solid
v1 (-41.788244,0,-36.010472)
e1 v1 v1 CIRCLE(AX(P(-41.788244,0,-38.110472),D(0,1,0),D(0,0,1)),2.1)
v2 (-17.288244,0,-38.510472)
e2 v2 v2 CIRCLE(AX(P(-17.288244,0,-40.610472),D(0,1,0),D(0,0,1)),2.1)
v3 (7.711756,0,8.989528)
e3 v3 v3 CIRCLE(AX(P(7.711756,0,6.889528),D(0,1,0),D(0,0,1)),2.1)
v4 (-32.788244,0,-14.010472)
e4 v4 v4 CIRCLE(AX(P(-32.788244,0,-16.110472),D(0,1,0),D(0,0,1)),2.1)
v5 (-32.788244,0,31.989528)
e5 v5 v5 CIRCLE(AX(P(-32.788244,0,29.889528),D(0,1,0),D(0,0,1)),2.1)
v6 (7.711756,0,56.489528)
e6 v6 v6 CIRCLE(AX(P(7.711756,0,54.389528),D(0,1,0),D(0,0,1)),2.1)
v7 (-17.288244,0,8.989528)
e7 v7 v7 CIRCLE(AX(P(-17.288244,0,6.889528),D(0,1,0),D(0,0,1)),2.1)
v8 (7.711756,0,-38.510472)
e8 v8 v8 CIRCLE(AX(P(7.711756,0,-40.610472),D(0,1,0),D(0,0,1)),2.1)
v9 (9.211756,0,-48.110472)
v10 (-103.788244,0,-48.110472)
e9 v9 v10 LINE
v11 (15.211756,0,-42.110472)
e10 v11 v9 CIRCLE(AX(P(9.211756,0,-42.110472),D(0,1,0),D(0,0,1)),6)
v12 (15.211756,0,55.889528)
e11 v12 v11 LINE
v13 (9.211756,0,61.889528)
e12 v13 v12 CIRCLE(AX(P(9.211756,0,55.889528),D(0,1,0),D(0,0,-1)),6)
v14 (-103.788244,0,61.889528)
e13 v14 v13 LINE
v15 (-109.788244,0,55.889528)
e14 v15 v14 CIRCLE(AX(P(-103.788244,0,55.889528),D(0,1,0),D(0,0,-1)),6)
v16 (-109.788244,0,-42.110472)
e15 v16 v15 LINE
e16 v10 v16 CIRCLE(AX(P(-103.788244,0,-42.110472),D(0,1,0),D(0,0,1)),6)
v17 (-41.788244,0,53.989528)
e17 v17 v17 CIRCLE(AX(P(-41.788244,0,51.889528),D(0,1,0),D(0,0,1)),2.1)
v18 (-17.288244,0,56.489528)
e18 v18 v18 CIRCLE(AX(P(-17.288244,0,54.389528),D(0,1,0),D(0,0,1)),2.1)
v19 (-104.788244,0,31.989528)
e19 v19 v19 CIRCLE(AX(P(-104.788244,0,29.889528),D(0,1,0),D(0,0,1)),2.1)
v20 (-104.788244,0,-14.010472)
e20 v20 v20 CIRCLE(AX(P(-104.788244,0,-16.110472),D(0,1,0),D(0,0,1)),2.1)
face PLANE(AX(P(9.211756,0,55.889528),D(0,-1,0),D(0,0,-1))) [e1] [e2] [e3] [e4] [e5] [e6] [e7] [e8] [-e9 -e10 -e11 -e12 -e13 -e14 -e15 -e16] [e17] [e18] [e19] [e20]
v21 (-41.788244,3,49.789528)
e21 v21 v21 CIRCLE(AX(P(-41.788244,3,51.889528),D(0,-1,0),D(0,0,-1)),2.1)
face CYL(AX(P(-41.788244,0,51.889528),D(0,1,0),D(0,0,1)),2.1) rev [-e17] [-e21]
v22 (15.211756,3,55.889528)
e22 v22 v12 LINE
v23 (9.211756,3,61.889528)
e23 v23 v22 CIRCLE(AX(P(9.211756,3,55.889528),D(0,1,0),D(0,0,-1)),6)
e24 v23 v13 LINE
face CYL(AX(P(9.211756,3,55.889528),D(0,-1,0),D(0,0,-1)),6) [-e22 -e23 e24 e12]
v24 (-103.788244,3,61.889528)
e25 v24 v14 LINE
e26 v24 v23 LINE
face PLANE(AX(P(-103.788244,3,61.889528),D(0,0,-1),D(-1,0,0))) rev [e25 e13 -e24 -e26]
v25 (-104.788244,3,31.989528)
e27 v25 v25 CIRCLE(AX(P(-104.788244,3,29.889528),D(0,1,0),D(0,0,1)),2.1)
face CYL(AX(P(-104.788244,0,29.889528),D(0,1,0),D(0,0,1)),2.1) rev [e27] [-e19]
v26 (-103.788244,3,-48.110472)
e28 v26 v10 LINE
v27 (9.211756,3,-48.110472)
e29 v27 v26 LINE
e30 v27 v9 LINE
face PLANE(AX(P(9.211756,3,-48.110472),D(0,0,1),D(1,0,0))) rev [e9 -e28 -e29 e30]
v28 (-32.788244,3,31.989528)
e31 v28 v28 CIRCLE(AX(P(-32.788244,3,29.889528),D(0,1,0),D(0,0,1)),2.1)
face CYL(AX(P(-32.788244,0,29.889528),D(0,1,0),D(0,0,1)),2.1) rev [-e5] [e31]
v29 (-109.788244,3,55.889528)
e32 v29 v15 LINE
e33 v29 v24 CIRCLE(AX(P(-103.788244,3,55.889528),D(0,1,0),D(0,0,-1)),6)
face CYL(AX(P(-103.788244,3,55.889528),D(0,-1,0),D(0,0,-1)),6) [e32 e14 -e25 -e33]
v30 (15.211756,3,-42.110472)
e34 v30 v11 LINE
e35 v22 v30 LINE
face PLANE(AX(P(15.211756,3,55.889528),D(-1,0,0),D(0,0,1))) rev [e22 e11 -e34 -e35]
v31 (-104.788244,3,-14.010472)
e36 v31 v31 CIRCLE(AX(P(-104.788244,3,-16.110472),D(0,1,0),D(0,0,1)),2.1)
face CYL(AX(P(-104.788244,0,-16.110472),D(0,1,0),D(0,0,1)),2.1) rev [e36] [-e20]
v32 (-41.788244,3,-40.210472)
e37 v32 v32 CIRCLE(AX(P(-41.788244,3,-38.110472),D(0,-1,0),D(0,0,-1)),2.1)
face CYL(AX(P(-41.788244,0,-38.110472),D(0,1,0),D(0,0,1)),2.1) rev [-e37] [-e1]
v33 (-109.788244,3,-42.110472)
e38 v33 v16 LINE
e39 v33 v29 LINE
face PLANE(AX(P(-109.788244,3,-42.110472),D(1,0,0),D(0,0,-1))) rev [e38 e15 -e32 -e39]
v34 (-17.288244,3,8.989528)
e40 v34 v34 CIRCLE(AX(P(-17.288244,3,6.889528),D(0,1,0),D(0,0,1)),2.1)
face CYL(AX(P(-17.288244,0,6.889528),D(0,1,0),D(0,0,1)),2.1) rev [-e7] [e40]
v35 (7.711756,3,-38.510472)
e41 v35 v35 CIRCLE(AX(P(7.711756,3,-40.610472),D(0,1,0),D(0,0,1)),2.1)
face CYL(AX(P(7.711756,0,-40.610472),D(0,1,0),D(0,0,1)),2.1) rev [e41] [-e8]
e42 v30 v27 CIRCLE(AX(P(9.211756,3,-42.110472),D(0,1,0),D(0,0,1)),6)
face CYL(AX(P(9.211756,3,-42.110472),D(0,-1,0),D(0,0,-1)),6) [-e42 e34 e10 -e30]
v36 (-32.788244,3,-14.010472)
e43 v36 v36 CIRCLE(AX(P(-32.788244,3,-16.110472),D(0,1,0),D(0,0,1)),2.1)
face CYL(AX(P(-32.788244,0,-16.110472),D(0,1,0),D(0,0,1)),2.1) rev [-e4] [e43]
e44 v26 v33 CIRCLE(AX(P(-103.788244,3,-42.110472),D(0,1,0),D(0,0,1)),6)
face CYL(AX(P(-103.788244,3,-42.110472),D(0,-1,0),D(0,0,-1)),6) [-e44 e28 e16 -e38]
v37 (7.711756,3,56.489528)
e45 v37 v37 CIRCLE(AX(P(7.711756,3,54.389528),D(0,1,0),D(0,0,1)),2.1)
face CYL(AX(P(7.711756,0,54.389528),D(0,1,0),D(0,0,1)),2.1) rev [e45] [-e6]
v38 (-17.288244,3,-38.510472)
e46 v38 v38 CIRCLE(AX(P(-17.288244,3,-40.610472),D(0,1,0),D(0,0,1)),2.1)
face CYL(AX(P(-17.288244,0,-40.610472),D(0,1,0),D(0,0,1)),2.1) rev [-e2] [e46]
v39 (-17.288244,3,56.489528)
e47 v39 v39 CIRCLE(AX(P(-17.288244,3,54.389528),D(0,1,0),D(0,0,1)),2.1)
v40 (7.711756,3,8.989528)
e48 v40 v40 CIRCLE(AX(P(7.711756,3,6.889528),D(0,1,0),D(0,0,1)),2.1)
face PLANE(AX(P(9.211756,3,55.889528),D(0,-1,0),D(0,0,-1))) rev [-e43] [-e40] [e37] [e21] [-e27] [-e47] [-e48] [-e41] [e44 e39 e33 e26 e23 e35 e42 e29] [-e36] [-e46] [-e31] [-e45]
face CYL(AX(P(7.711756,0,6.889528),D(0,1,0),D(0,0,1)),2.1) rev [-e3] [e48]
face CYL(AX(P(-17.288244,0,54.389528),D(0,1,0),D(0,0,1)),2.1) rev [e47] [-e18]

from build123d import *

# Parameters (mm, degrees)
EXTRUDE_1_DEPTH          = 3
SKETCH_2_R               = 2.1
CUT_EXTRUDE_1_DEPTH      = 127.066538846
SKETCH_3_R               = 2.1
CUT_EXTRUDE_2_DEPTH      = 127.066538846
CUT_EXTRUDE_3_DEPTH      = 127.066538846
CUT_EXTRUDE_3_DEPTH_BACK = 127.066538846
SKETCH_4_R               = 2.1


with BuildPart() as part:
    # 草图1 → 凸台-拉伸1 (new body)
    with BuildSketch(Plane(origin=(0, 0, 0), x_dir=(1, 0, 0), z_dir=(0, 1, 0))):
        with BuildLine():
            Line((-109.788244213, 42.110472219), (-109.788244213, -55.889527781))
            ThreePointArc((-109.788244213, -55.889527781), (-108.030884901, -60.132168469), (-103.788244213, -61.889527781))
            Line((-103.788244213, -61.889527781), (9.211755787, -61.889527781))
            ThreePointArc((9.211755787, -61.889527781), (13.454396474, -60.132168469), (15.211755787, -55.889527781))
            Line((15.211755787, -55.889527781), (15.211755787, 42.110472219))
            ThreePointArc((15.211755787, 42.110472219), (13.454396474, 46.353112906), (9.211755787, 48.110472219))
            Line((9.211755787, 48.110472219), (-103.788244213, 48.110472219))
            ThreePointArc((-103.788244213, 48.110472219), (-108.030884901, 46.353112906), (-109.788244213, 42.110472219))
        make_face()
    extrude(amount=EXTRUDE_1_DEPTH)

    # 草图2 → 切除-拉伸1 (cut, through all)
    with BuildSketch(Plane(origin=(0, 3, 0), x_dir=(1, 0, 0), z_dir=(0, 1, 0))):
        with Locations(Location((-17.288244213, -54.389527781, 0), (0, 0, 270))):
            Circle(SKETCH_2_R)
        with Locations(Location((7.711755787, -54.389527781, 0), (0, 0, 270))):
            Circle(SKETCH_2_R)
        with Locations(Location((-17.288244213, -6.889527781, 0), (0, 0, 270))):
            Circle(SKETCH_2_R)
        with Locations(Location((7.711755787, -6.889527781, 0), (0, 0, 270))):
            Circle(SKETCH_2_R)
        with Locations(Location((-17.288244213, 40.610472219, 0), (0, 0, 270))):
            Circle(SKETCH_2_R)
        with Locations(Location((7.711755787, 40.610472219, 0), (0, 0, 270))):
            Circle(SKETCH_2_R)
    extrude(amount=-CUT_EXTRUDE_1_DEPTH, mode=Mode.SUBTRACT)

    # 草图3 → 切除-拉伸2 (cut, through all)
    with BuildSketch(Plane(origin=(0, 3, 0), x_dir=(1, 0, 0), z_dir=(0, 1, 0))):
        with Locations(Location((-104.788244213, -29.889527781, 0), (0, 0, 270))):
            Circle(SKETCH_3_R)
        with Locations(Location((-104.788244213, 16.110472219, 0), (0, 0, 270))):
            Circle(SKETCH_3_R)
        with Locations(Location((-32.788244213, 16.110472219, 0), (0, 0, 270))):
            Circle(SKETCH_3_R)
        with Locations(Location((-32.788244213, -29.889527781, 0), (0, 0, 270))):
            Circle(SKETCH_3_R)
    extrude(amount=-CUT_EXTRUDE_2_DEPTH, mode=Mode.SUBTRACT)

    # 草图4 → 切除-拉伸3 (cut, two sides: drawn at the far end of the back side and taken through both)
    with BuildSketch(Plane(origin=(0, 3, 0), x_dir=(1, 0, 0), z_dir=(0, 1, 0)).offset(-CUT_EXTRUDE_3_DEPTH_BACK)):
        with Locations(Location((-41.788244213, -51.889527781, 0), (0, 0, 270))):
            Circle(SKETCH_4_R)
        with Locations(Location((-41.788244213, 38.110472219, 0), (0, 0, 270))):
            Circle(SKETCH_4_R)
    extrude(amount=CUT_EXTRUDE_3_DEPTH + CUT_EXTRUDE_3_DEPTH_BACK, mode=Mode.SUBTRACT)


solid = part.part
